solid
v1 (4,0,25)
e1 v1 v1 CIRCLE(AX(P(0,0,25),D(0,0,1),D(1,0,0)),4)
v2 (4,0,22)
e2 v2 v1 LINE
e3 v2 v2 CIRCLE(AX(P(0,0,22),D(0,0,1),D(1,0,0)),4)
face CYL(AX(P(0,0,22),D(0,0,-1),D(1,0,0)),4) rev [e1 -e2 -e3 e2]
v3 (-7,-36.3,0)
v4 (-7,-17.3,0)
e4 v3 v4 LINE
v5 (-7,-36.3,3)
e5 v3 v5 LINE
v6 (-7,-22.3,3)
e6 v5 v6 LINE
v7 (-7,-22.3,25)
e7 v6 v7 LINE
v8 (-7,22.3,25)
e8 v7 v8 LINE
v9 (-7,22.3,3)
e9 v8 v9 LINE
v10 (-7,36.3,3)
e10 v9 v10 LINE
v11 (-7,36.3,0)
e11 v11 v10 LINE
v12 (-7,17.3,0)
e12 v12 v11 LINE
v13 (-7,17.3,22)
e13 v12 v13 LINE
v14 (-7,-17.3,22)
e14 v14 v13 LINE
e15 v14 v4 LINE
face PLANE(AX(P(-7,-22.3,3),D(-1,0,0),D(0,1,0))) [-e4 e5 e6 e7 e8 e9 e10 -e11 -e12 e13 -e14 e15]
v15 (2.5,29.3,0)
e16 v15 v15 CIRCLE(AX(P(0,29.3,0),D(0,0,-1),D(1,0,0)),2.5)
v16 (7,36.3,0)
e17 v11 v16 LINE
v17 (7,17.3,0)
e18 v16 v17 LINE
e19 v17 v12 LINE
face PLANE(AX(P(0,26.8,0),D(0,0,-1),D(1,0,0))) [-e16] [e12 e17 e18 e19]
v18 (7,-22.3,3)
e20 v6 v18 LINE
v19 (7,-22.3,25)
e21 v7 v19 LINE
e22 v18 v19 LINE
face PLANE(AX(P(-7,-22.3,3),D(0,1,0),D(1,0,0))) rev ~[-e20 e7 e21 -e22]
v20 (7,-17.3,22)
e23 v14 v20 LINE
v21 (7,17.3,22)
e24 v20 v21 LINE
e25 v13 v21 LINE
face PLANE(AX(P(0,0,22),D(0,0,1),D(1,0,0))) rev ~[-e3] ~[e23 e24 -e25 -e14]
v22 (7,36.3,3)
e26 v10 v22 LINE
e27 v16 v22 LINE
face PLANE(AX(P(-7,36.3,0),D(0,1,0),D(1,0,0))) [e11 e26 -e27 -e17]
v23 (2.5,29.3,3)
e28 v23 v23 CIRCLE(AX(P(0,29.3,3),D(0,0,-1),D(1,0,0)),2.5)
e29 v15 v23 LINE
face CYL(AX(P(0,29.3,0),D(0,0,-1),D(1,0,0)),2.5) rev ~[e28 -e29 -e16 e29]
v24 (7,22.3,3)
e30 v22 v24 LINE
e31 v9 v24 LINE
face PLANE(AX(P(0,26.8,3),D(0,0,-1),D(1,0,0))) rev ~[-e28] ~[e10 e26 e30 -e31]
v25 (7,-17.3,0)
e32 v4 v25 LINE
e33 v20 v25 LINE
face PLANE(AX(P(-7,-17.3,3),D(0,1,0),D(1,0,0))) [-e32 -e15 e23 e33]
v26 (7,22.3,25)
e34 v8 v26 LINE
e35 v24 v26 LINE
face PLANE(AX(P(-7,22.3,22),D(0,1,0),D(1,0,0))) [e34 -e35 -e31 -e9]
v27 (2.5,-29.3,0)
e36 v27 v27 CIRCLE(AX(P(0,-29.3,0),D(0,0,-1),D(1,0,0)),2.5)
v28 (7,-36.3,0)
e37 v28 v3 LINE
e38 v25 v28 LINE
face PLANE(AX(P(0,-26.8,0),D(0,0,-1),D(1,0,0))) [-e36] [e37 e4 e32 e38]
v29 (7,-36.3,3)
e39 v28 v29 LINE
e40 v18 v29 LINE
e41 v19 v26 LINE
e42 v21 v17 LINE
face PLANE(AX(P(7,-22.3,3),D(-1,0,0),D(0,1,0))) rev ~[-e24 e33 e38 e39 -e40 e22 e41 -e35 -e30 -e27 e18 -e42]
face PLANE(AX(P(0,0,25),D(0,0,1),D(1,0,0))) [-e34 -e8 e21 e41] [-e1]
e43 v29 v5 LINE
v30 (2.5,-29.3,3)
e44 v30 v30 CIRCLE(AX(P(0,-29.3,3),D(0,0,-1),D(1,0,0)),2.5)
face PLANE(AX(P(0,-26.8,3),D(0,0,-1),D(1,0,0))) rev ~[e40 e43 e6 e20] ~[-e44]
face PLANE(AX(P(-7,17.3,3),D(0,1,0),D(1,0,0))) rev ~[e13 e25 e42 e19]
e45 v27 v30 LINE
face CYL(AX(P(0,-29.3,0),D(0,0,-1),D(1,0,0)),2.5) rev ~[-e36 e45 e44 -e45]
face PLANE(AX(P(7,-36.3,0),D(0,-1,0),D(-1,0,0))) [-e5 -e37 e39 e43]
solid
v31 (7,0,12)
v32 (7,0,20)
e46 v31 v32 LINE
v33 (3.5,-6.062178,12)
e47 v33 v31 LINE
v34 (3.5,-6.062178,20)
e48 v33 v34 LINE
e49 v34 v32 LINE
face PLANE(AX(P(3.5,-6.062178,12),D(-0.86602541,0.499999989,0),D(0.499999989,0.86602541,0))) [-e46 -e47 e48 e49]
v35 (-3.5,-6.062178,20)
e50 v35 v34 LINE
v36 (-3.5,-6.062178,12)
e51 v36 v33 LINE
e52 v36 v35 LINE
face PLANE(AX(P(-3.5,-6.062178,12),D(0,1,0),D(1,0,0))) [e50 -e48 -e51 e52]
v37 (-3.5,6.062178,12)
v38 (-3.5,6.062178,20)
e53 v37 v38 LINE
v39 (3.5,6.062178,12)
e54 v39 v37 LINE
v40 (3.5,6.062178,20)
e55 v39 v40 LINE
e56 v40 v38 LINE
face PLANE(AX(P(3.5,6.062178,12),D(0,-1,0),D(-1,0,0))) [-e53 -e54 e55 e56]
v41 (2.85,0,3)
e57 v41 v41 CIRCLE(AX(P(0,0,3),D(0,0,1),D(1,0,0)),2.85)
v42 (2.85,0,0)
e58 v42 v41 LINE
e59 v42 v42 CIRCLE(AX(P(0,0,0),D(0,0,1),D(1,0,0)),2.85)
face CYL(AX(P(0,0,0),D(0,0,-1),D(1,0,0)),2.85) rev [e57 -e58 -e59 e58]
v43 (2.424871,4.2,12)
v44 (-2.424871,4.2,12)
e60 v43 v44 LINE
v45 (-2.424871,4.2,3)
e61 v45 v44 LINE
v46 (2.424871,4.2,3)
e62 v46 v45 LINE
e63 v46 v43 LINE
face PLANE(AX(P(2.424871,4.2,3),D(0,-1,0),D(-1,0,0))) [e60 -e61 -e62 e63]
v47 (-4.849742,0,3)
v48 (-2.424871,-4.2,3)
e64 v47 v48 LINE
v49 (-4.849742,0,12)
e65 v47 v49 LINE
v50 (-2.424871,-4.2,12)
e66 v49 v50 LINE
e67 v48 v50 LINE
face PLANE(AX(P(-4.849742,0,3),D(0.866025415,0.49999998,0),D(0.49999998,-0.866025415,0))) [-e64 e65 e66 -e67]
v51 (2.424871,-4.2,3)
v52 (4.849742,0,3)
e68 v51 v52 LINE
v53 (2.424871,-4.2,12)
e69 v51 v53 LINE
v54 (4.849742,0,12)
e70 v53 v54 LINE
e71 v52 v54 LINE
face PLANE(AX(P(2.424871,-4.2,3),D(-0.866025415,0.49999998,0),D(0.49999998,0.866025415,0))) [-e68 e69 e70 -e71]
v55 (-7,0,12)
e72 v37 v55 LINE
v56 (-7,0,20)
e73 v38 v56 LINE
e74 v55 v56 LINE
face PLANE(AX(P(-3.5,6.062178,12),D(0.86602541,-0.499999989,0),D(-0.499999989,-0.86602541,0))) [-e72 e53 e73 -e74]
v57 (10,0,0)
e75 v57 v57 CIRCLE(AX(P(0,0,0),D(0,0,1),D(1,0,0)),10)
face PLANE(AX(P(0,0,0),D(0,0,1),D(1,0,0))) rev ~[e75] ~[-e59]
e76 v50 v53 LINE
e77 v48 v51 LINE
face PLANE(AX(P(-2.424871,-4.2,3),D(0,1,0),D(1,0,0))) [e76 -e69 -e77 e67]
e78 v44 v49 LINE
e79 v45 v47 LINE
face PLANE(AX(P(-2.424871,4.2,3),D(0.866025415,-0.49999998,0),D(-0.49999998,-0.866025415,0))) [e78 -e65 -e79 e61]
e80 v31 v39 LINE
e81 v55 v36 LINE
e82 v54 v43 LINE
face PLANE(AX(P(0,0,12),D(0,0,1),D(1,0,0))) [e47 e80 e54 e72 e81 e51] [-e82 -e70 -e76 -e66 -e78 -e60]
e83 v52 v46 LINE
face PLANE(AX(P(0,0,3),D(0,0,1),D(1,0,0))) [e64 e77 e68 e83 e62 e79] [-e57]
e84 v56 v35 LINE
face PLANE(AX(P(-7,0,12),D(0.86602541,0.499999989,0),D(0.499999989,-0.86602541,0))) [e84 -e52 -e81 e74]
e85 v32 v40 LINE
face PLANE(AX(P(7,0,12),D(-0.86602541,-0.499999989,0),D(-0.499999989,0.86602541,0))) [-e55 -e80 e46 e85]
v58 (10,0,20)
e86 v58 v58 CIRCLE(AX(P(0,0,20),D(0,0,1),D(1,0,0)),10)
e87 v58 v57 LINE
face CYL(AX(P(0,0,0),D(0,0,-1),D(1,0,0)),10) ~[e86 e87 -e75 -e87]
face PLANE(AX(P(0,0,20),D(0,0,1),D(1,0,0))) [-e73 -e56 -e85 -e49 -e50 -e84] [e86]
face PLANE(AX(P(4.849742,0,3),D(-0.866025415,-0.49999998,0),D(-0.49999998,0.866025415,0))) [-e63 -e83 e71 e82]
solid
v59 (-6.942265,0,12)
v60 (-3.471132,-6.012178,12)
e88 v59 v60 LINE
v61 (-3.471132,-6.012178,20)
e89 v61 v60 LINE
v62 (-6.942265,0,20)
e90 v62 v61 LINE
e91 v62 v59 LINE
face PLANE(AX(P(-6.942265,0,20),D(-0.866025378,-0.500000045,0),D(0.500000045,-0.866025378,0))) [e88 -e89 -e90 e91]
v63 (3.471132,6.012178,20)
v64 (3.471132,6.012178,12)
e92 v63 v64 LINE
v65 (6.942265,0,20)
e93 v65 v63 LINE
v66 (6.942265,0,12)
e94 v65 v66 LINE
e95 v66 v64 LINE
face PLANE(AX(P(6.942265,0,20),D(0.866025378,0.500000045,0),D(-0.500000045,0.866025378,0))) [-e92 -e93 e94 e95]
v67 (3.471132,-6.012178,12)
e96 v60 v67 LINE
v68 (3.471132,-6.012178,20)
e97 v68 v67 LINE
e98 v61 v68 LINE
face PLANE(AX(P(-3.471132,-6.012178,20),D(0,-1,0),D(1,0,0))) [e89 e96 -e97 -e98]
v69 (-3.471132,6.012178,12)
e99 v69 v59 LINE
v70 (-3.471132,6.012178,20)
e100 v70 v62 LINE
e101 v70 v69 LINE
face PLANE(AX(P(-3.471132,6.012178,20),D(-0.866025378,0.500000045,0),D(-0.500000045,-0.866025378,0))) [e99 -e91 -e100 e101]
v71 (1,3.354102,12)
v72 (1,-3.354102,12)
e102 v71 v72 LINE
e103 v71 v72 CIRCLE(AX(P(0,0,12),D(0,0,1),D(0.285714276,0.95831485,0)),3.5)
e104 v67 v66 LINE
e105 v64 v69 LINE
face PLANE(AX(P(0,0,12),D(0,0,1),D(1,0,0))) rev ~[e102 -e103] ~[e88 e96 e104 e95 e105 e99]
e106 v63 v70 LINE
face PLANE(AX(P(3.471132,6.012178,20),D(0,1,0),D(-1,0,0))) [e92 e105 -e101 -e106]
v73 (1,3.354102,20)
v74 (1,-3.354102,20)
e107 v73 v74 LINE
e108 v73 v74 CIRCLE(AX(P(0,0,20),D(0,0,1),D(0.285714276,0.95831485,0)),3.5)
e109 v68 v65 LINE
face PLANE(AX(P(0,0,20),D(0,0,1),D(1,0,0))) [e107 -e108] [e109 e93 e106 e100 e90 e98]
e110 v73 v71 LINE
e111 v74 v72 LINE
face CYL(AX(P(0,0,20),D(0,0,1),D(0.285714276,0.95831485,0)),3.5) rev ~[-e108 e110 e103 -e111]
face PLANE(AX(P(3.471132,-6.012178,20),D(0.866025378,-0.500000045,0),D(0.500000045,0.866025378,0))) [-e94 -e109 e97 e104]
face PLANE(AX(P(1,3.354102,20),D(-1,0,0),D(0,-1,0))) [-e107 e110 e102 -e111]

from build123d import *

# Parameters (mm, degrees)
SKETCH004_R      = 2.5
EXTRUDE003_DEPTH = 3
SKETCH005_W      = 14
SKETCH005_H      = 5
EXTRUDE004_DEPTH = 19
SKETCH006_W      = 14
SKETCH006_H      = 44.6
SKETCH006_R      = 4
EXTRUDE005_DEPTH = 3
SKETCH001_R      = 10
EXTRUDE001_DEPTH = 9
SKETCH_R         = 10
SKETCH_R_2       = 2.85
EXTRUDE_DEPTH    = 3
SKETCH007_R      = 10
EXTRUDE006_DEPTH = 8
EXTRUDE007_DEPTH = 8


with BuildPart() as p3base:
    # Sketch004 → Extrude003 (new body)
    with BuildSketch(Plane(origin=(0, 0, 0), x_dir=(1, 0, 0), z_dir=(0, 0, -1))):
        Polygon((7, 36.3), (-7, 36.3), (-7, 22.3), (-7, 17.3), (7, 17.3), (7, 22.3), align=None)
        with Locations((0, 29.3)):
            Circle(SKETCH004_R, mode=Mode.SUBTRACT)
        Polygon((7, -36.3), (7, -22.3), (7, -17.3), (-7, -17.3), (-7, -22.3), (-7, -36.3), align=None)
        with Locations((0, -29.3)):
            Circle(SKETCH004_R, mode=Mode.SUBTRACT)
    extrude(amount=-EXTRUDE003_DEPTH)


with BuildPart() as p3walls:
    # Sketch005 (on Face17 of Extrude003) → Extrude004 (new body)
    with BuildSketch(Plane.XY.offset(3)):
        with Locations((0, 19.8)):
            Rectangle(SKETCH005_W, SKETCH005_H)
        with Locations((0, -19.8)):
            Rectangle(SKETCH005_W, SKETCH005_H)
    extrude(amount=EXTRUDE004_DEPTH)


with BuildPart() as p3:
    # Sketch006 (on Face6 of Extrude004) → Extrude005 (new body)
    with BuildSketch(Plane.XY.offset(22)):
        Rectangle(SKETCH006_W, SKETCH006_H)
        Circle(SKETCH006_R, mode=Mode.SUBTRACT)
    extrude(amount=EXTRUDE005_DEPTH)

    # Fusion001: union P3Base, P3Walls
    add(p3base.part)
    add(p3walls.part)


with BuildPart() as p1hexcylinder:
    # Sketch001 (on Face4 of Extrude) → Extrude001 (new body)
    with BuildSketch(Plane.XY.offset(3)):
        Circle(SKETCH001_R)
        Polygon((2.424871, 4.2), (-2.424871, 4.2), (-4.849742, 0), (-2.424871, -4.2), (2.424871, -4.2), (4.849742, 0), align=None, mode=Mode.SUBTRACT)
    extrude(amount=EXTRUDE001_DEPTH)


with BuildPart() as p1base:
    # Sketch → Extrude (new body)
    with BuildSketch(Plane.XY):
        Circle(SKETCH_R)
        Circle(SKETCH_R_2, mode=Mode.SUBTRACT)
    extrude(amount=EXTRUDE_DEPTH)


with BuildPart() as p1:
    # Sketch007 → Extrude006 (new body)
    with BuildSketch(Plane.XY.offset(12)):
        Circle(SKETCH007_R)
        Polygon((3.5, 6.062178), (-3.5, 6.062178), (-7, 0), (-3.5, -6.062178), (3.5, -6.062178), (7, 0), align=None, mode=Mode.SUBTRACT)
    extrude(amount=EXTRUDE006_DEPTH)

    # Fusion: union P1HexCylinder, P1Base
    add(p1hexcylinder.part)
    add(p1base.part)


with BuildPart() as p2:
    # Sketch008 (on Face3 of Fusion) → Extrude007 (new body)
    with BuildSketch(Plane.XY.offset(20)):
        Polygon((3.471132, 6.012178), (-3.471132, 6.012178), (-6.942265, 0), (-3.471132, -6.012178), (3.471132, -6.012178), (6.942265, 0), align=None)
        with BuildLine():
            Line((1, 3.354102), (1, -3.354102))
            ThreePointArc((1, 3.354102), (-3.5, 0), (1, -3.354102))
        make_face(mode=Mode.SUBTRACT)
    extrude(amount=-EXTRUDE007_DEPTH)


solid = Compound([p3.part, p1.part, p2.part])
